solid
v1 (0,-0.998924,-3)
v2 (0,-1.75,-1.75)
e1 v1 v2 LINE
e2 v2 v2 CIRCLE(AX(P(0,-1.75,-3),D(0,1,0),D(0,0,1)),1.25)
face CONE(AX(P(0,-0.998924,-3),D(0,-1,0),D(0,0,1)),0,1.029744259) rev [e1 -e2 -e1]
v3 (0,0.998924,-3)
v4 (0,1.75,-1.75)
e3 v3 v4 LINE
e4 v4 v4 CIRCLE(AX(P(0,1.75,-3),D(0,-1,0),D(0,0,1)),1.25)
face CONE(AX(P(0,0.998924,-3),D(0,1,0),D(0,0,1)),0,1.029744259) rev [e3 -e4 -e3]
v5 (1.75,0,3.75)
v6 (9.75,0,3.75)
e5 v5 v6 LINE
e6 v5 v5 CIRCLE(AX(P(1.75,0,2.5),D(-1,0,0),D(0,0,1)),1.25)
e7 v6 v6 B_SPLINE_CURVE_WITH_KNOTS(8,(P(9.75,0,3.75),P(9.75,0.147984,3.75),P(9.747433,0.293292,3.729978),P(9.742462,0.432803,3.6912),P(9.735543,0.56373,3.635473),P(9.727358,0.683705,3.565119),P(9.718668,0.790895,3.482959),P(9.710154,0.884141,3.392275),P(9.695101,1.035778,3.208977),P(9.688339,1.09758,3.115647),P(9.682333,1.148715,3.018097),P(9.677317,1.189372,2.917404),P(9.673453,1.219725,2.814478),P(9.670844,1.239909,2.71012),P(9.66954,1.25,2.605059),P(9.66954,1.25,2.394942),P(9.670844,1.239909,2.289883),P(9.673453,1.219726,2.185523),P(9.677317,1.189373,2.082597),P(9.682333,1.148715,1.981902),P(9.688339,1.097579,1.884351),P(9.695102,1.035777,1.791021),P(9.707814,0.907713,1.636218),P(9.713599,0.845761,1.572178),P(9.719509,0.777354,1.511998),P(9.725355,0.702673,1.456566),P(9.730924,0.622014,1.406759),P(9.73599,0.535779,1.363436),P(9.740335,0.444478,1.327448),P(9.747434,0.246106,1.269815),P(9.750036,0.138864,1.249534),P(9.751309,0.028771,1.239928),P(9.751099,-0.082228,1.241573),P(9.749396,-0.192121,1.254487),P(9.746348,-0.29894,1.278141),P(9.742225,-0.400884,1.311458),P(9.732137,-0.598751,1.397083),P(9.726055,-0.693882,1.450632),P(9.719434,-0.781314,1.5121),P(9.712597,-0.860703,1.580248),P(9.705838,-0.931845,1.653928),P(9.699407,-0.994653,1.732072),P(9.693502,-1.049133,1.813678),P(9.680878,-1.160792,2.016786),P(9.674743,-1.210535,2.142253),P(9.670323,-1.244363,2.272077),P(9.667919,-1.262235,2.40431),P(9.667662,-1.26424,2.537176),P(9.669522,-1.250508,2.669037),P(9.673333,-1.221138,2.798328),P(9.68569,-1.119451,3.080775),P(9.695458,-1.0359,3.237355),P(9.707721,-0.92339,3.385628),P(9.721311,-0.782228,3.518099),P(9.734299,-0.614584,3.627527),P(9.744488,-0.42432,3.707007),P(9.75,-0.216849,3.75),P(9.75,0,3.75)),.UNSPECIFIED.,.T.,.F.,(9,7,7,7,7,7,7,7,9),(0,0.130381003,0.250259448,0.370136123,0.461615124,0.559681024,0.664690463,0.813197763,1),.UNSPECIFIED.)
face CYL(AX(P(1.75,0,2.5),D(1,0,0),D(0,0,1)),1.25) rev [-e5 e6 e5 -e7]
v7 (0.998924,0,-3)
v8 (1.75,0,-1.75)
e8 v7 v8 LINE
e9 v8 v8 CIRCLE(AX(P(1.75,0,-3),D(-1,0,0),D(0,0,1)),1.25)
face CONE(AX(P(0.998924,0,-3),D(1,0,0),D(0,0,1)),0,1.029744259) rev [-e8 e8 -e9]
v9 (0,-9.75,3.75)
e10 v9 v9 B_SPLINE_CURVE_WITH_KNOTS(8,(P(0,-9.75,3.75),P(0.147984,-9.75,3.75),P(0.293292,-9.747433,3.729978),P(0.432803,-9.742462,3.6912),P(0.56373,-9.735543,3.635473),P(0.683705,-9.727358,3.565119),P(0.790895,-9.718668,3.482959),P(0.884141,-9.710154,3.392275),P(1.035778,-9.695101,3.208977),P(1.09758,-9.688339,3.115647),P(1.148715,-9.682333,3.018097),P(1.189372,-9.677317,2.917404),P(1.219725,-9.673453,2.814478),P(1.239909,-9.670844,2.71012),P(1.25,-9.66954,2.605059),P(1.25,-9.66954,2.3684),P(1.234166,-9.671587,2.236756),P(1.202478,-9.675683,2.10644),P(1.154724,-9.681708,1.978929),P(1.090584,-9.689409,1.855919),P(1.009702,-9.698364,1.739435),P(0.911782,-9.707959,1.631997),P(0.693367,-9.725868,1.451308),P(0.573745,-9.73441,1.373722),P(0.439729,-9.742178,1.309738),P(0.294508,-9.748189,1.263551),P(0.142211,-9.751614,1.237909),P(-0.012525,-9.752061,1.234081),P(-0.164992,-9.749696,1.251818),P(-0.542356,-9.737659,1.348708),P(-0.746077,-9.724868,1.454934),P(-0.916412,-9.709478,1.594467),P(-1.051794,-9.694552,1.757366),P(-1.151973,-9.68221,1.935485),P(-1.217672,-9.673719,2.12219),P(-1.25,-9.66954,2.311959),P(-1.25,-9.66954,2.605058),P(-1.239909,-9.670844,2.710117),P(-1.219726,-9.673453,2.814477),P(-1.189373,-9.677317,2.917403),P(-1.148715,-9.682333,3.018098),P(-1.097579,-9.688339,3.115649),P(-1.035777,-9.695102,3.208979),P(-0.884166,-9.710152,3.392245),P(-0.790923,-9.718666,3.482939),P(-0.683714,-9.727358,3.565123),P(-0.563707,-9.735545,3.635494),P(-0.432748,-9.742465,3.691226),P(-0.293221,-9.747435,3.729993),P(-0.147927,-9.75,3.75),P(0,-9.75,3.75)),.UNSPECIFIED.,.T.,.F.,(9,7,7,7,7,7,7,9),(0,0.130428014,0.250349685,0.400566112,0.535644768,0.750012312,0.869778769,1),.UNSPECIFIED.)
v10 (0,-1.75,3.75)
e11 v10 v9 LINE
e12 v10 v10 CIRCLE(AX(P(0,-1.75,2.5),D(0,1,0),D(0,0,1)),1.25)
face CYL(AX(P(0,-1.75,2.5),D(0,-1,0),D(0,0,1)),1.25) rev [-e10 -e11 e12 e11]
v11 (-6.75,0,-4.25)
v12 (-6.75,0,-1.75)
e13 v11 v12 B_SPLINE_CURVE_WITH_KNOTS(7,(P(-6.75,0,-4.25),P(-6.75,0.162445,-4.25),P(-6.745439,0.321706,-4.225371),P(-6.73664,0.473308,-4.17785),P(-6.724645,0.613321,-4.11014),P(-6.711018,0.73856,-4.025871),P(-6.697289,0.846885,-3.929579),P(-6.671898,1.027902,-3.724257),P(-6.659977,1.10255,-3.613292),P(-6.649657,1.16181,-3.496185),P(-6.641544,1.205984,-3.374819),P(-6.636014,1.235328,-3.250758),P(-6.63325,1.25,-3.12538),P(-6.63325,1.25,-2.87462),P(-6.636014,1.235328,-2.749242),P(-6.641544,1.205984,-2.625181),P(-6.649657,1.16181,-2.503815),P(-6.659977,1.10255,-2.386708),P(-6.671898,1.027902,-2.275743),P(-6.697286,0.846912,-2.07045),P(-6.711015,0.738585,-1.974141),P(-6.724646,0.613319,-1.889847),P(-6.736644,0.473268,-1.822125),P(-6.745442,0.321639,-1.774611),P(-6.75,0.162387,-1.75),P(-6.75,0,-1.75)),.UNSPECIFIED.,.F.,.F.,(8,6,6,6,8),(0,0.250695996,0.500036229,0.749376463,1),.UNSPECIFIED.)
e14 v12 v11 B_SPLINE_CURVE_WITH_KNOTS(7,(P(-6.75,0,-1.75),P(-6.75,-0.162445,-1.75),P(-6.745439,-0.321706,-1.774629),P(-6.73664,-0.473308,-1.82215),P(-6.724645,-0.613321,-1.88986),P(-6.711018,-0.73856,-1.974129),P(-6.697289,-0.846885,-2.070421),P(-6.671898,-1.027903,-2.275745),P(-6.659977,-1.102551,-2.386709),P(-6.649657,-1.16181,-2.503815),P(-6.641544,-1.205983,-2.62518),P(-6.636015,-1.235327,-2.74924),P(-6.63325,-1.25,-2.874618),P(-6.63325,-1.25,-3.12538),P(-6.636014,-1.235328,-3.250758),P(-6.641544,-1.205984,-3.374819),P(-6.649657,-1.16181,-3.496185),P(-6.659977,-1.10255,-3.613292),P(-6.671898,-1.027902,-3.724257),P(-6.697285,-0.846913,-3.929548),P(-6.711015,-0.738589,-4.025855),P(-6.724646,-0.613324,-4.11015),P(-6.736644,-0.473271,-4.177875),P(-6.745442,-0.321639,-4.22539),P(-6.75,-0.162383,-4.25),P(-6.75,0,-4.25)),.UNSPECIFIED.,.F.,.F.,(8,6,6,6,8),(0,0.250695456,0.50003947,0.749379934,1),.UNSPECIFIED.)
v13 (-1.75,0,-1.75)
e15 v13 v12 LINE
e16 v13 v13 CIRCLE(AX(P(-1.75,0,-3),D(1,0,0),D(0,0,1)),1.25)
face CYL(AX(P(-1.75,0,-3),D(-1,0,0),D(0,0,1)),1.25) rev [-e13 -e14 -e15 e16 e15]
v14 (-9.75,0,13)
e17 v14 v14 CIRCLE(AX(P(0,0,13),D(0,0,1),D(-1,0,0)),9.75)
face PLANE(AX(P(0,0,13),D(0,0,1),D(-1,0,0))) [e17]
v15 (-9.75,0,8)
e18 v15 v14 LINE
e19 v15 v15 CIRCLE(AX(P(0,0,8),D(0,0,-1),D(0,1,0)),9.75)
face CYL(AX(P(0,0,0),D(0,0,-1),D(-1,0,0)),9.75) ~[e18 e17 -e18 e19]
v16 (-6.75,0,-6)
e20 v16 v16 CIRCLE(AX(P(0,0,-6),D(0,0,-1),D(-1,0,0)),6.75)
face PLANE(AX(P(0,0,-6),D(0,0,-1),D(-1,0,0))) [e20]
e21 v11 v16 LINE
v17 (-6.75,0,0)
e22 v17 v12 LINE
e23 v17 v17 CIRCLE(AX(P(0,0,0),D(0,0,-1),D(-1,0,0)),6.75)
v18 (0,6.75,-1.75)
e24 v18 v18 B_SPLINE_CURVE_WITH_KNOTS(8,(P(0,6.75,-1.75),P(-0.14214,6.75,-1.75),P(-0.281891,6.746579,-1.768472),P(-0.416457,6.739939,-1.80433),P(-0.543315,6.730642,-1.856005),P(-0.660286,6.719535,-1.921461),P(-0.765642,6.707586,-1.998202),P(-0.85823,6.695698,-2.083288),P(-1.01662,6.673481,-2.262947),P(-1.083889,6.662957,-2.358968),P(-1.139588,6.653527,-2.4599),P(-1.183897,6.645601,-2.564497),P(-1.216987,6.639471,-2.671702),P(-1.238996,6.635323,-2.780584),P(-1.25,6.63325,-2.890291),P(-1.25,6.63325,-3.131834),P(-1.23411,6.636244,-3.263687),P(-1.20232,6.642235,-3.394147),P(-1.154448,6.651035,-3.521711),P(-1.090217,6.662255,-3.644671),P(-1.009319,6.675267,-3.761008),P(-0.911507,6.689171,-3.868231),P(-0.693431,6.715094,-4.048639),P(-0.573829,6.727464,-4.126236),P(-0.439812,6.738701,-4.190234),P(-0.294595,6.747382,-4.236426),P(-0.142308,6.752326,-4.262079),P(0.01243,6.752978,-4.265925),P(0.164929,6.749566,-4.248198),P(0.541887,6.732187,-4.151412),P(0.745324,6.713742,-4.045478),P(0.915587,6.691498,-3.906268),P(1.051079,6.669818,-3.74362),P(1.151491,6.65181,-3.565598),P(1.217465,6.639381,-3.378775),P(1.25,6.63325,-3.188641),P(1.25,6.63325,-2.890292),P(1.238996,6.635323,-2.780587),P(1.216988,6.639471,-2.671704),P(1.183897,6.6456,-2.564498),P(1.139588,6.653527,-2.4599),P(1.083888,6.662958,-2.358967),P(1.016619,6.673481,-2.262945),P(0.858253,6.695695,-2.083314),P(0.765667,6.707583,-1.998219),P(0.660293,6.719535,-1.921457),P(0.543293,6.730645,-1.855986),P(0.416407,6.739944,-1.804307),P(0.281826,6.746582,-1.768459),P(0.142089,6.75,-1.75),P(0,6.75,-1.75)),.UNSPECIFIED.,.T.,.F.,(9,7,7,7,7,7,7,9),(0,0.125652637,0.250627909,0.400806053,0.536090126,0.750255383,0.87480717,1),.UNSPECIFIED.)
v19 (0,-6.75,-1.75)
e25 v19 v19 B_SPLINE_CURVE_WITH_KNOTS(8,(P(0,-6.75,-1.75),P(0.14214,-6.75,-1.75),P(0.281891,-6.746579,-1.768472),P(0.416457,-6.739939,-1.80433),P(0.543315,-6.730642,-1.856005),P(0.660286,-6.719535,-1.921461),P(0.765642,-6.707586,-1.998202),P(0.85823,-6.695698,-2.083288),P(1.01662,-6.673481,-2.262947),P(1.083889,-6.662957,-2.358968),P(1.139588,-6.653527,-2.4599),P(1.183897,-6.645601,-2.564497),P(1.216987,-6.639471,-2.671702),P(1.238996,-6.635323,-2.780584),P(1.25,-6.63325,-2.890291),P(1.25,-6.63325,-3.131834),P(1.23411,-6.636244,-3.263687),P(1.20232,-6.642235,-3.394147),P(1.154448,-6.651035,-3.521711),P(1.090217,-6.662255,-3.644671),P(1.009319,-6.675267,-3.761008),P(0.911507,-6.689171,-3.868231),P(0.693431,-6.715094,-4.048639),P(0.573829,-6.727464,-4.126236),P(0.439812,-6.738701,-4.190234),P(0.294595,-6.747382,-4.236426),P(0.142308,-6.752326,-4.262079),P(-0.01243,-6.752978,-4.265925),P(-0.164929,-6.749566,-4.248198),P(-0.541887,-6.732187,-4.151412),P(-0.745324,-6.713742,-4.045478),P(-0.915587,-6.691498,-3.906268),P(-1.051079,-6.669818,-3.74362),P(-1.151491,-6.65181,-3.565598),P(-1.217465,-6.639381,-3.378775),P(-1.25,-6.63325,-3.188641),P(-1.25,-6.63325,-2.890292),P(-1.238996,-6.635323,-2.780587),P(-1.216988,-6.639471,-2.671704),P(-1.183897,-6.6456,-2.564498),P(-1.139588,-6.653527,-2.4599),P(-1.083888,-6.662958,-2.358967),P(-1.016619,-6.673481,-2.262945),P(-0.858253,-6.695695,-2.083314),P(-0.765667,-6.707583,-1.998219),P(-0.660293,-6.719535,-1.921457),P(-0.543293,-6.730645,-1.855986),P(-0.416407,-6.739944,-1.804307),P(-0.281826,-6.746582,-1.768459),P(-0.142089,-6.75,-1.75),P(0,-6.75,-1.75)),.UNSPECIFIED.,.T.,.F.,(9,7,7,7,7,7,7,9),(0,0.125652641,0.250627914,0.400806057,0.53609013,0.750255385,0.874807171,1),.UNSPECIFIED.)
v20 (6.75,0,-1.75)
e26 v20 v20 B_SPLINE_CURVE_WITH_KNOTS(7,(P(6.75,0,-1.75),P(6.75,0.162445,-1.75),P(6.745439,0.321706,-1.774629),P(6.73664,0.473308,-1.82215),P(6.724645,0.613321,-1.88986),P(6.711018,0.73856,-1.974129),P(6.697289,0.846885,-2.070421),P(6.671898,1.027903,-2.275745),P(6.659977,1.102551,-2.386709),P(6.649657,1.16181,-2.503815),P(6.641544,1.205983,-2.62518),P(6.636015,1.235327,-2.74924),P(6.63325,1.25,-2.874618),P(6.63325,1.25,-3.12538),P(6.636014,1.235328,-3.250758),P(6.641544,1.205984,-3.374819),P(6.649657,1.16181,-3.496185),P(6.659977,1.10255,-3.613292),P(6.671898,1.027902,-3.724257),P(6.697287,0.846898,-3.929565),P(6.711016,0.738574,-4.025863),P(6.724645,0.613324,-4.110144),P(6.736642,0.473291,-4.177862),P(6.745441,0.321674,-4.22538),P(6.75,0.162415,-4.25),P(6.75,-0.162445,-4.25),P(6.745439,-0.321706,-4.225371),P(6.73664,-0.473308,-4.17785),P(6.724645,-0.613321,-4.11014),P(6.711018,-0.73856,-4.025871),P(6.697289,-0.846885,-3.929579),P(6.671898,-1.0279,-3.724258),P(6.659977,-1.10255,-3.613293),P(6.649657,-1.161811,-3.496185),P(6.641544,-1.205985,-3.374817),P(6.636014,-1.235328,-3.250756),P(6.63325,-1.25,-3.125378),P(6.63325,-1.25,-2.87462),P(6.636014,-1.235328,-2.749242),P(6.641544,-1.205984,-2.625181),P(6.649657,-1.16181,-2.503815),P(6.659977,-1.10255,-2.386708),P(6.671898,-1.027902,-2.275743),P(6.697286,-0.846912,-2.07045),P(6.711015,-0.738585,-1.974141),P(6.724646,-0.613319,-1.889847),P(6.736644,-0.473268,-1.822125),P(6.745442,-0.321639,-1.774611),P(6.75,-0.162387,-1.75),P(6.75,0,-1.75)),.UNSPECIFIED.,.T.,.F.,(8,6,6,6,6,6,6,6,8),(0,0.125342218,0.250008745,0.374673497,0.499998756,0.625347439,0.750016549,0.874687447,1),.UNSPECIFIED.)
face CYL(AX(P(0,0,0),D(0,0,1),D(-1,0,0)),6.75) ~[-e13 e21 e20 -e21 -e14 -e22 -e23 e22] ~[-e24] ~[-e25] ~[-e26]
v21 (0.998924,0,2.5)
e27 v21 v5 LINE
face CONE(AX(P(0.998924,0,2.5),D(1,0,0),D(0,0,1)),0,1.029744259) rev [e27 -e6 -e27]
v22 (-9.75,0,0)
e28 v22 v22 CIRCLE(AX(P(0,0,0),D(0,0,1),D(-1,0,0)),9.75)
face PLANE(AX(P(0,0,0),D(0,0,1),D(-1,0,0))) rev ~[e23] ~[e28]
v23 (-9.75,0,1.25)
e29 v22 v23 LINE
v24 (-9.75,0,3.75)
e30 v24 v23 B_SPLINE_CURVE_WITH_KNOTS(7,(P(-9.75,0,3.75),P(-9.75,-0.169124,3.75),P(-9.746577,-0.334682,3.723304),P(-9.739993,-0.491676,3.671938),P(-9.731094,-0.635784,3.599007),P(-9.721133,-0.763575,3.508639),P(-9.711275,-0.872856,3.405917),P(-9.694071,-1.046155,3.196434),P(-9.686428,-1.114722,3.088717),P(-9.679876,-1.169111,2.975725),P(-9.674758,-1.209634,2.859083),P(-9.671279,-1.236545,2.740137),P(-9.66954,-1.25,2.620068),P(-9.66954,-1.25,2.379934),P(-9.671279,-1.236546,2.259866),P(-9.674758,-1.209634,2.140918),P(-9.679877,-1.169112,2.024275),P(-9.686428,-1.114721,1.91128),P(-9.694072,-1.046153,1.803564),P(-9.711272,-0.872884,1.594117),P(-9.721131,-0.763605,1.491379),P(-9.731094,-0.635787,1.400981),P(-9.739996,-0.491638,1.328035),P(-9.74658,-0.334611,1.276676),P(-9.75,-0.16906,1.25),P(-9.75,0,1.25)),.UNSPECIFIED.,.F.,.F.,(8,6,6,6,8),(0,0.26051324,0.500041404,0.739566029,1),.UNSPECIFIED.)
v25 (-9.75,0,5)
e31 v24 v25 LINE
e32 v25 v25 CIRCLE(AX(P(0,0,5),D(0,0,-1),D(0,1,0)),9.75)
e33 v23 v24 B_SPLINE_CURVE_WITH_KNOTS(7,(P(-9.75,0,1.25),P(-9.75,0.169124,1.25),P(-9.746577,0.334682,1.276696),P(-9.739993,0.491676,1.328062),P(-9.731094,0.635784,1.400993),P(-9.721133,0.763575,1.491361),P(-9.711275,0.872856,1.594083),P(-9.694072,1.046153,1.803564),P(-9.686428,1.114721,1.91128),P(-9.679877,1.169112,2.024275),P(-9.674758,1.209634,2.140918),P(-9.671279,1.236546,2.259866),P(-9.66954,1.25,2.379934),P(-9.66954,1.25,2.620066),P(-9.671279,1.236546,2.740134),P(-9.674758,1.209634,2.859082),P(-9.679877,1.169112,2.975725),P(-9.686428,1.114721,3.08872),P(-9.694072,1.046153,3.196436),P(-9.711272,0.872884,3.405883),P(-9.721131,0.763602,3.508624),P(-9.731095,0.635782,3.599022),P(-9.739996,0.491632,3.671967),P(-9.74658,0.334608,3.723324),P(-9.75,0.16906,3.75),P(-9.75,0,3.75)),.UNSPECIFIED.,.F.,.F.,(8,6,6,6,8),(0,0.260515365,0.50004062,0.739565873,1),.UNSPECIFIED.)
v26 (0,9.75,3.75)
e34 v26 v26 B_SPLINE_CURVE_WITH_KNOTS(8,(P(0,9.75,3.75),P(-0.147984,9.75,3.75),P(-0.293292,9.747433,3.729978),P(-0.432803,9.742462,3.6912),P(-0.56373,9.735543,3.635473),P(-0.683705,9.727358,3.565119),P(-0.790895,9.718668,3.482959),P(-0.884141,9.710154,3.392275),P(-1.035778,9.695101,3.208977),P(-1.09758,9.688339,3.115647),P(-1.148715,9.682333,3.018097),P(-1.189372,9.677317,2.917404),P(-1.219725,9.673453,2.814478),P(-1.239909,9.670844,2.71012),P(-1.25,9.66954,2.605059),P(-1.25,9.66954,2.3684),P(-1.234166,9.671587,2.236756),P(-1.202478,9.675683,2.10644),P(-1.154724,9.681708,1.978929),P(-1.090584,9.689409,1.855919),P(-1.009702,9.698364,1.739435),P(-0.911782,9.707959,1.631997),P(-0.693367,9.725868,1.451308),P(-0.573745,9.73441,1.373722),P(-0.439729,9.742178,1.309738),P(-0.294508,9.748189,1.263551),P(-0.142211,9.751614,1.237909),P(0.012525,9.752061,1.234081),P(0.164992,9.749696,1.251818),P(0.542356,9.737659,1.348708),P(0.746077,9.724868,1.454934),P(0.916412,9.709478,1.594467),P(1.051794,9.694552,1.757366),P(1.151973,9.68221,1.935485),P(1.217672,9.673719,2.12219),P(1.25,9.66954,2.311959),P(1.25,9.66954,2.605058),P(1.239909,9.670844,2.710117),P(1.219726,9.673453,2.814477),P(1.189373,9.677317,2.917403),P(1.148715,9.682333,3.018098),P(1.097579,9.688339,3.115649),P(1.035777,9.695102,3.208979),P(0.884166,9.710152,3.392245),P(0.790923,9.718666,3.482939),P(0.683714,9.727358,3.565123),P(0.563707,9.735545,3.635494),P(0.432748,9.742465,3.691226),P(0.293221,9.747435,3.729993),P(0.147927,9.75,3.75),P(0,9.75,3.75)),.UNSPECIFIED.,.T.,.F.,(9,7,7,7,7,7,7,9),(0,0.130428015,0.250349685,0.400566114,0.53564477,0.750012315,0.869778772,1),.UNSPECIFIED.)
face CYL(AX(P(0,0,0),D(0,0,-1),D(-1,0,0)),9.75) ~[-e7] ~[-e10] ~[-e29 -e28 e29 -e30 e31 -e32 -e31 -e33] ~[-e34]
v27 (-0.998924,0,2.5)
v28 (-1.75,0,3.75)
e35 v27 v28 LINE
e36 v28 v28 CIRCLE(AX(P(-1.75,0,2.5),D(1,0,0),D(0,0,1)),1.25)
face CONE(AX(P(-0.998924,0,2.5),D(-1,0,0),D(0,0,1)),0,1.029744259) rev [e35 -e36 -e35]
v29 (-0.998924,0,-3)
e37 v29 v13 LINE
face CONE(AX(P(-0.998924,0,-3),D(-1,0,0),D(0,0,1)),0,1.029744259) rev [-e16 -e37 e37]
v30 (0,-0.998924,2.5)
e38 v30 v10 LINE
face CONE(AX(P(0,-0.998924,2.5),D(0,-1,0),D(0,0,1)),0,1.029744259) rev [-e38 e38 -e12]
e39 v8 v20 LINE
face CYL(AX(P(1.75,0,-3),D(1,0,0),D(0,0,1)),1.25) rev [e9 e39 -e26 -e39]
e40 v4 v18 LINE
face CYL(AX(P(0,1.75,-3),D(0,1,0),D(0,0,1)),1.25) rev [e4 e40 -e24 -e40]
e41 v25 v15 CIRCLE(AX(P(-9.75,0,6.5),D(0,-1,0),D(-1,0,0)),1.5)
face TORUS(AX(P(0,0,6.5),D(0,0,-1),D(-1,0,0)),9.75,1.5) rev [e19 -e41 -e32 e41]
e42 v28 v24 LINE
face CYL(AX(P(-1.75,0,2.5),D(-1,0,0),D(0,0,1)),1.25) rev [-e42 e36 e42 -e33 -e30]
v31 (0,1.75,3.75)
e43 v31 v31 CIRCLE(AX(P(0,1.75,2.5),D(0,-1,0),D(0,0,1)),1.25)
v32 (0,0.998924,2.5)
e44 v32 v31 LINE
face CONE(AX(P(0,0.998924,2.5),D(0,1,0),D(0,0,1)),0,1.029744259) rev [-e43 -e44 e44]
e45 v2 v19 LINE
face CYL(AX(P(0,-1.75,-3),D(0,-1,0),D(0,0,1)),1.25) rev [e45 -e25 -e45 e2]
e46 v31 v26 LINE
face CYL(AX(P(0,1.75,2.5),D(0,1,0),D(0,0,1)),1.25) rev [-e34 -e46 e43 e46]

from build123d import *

# Parameters (mm, degrees)
ESBO_O2_R                = 9.75
RESSALTO_EXTRUS_O1_DEPTH = 13
ESBO_O3_R                = 1.5
ESBO_O4_R                = 6.75
RESSALTO_EXTRUS_O2_DEPTH = 6
PADR_OCIRCULAR1_COUNT    = 4
PADR_OCIRCULAR2_COUNT    = 4


with BuildPart() as part:
    # Esboço2 → Ressalto-extrusão1 (new body)
    with BuildSketch(Plane.XY):
        with Locations(Location((0, 0, 0), (0, 0, 180))):
            Circle(ESBO_O2_R)
    extrude(amount=RESSALTO_EXTRUS_O1_DEPTH)

    # Esboço3 → Corte-Revolução1 (revolve, cut)
    with BuildSketch(Plane(origin=(0, 0, 0), x_dir=(1, 0, 0), z_dir=(0, 1, 0)), mode=Mode.PRIVATE) as corte_revolu_o1_sk:
        with Locations((9.75, -6.5)):
            Circle(ESBO_O3_R)
    revolve(corte_revolu_o1_sk.sketch.rotate(Axis((0, 0, 0), (0, 0, 1)), 180), axis=Axis((0, 0, 0), (0, 0, 1)), mode=Mode.SUBTRACT)

    # Esboço4 → Ressalto-extrusão2 (add)
    with BuildSketch(Plane(origin=(0, 0, 0), x_dir=(-1, 0, 0), z_dir=(0, 0, -1))):
        Circle(ESBO_O4_R)
    extrude(amount=RESSALTO_EXTRUS_O2_DEPTH)

    # Esboço15 → Broca de rosquear para tarraxa de M36 (revolve, cut)
    with BuildSketch(Plane(origin=(0, 9.75, 2.5), x_dir=(0, 0, 1), z_dir=(1, 0, 0))):
        Polygon((0, 0), (0, 8.751075774), (1.25, 8), (1.25, 0), align=None)
    broca_de_rosquear_para_tarraxa_de_m36 = revolve(axis=Axis((0, 16.1, 2.5), (0, -1, 0)), mode=Mode.SUBTRACT)

    # PadrãoCircular1: Broca de rosquear para tarraxa de M36 ×4 about axis
    padr_ocircular1_axis = Axis((0, 0, 0), (0, 0, 1))
    for i in range(1, PADR_OCIRCULAR1_COUNT):
        add(broca_de_rosquear_para_tarraxa_de_m36.rotate(padr_ocircular1_axis, i * 360 / PADR_OCIRCULAR1_COUNT), mode=Mode.SUBTRACT)

    # Esboço19 → Broca de rosquear para tarraxa de M310 (revolve, cut)
    with BuildSketch(Plane(origin=(0, 6.75, -3), x_dir=(0, 0, 1), z_dir=(1, 0, 0))):
        Polygon((0, 0), (0, 5.751075774), (1.25, 5), (1.25, 0), align=None)
    broca_de_rosquear_para_tarraxa_de_m310 = revolve(axis=Axis((0, 13.1, -3), (0, -1, 0)), mode=Mode.SUBTRACT)

    # PadrãoCircular2: Broca de rosquear para tarraxa de M310 ×4 about axis
    padr_ocircular2_axis = Axis((0, 0, 0), (0, 0, 1))
    for i in range(1, PADR_OCIRCULAR2_COUNT):
        add(broca_de_rosquear_para_tarraxa_de_m310.rotate(padr_ocircular2_axis, i * 360 / PADR_OCIRCULAR2_COUNT), mode=Mode.SUBTRACT)


solid = part.part
